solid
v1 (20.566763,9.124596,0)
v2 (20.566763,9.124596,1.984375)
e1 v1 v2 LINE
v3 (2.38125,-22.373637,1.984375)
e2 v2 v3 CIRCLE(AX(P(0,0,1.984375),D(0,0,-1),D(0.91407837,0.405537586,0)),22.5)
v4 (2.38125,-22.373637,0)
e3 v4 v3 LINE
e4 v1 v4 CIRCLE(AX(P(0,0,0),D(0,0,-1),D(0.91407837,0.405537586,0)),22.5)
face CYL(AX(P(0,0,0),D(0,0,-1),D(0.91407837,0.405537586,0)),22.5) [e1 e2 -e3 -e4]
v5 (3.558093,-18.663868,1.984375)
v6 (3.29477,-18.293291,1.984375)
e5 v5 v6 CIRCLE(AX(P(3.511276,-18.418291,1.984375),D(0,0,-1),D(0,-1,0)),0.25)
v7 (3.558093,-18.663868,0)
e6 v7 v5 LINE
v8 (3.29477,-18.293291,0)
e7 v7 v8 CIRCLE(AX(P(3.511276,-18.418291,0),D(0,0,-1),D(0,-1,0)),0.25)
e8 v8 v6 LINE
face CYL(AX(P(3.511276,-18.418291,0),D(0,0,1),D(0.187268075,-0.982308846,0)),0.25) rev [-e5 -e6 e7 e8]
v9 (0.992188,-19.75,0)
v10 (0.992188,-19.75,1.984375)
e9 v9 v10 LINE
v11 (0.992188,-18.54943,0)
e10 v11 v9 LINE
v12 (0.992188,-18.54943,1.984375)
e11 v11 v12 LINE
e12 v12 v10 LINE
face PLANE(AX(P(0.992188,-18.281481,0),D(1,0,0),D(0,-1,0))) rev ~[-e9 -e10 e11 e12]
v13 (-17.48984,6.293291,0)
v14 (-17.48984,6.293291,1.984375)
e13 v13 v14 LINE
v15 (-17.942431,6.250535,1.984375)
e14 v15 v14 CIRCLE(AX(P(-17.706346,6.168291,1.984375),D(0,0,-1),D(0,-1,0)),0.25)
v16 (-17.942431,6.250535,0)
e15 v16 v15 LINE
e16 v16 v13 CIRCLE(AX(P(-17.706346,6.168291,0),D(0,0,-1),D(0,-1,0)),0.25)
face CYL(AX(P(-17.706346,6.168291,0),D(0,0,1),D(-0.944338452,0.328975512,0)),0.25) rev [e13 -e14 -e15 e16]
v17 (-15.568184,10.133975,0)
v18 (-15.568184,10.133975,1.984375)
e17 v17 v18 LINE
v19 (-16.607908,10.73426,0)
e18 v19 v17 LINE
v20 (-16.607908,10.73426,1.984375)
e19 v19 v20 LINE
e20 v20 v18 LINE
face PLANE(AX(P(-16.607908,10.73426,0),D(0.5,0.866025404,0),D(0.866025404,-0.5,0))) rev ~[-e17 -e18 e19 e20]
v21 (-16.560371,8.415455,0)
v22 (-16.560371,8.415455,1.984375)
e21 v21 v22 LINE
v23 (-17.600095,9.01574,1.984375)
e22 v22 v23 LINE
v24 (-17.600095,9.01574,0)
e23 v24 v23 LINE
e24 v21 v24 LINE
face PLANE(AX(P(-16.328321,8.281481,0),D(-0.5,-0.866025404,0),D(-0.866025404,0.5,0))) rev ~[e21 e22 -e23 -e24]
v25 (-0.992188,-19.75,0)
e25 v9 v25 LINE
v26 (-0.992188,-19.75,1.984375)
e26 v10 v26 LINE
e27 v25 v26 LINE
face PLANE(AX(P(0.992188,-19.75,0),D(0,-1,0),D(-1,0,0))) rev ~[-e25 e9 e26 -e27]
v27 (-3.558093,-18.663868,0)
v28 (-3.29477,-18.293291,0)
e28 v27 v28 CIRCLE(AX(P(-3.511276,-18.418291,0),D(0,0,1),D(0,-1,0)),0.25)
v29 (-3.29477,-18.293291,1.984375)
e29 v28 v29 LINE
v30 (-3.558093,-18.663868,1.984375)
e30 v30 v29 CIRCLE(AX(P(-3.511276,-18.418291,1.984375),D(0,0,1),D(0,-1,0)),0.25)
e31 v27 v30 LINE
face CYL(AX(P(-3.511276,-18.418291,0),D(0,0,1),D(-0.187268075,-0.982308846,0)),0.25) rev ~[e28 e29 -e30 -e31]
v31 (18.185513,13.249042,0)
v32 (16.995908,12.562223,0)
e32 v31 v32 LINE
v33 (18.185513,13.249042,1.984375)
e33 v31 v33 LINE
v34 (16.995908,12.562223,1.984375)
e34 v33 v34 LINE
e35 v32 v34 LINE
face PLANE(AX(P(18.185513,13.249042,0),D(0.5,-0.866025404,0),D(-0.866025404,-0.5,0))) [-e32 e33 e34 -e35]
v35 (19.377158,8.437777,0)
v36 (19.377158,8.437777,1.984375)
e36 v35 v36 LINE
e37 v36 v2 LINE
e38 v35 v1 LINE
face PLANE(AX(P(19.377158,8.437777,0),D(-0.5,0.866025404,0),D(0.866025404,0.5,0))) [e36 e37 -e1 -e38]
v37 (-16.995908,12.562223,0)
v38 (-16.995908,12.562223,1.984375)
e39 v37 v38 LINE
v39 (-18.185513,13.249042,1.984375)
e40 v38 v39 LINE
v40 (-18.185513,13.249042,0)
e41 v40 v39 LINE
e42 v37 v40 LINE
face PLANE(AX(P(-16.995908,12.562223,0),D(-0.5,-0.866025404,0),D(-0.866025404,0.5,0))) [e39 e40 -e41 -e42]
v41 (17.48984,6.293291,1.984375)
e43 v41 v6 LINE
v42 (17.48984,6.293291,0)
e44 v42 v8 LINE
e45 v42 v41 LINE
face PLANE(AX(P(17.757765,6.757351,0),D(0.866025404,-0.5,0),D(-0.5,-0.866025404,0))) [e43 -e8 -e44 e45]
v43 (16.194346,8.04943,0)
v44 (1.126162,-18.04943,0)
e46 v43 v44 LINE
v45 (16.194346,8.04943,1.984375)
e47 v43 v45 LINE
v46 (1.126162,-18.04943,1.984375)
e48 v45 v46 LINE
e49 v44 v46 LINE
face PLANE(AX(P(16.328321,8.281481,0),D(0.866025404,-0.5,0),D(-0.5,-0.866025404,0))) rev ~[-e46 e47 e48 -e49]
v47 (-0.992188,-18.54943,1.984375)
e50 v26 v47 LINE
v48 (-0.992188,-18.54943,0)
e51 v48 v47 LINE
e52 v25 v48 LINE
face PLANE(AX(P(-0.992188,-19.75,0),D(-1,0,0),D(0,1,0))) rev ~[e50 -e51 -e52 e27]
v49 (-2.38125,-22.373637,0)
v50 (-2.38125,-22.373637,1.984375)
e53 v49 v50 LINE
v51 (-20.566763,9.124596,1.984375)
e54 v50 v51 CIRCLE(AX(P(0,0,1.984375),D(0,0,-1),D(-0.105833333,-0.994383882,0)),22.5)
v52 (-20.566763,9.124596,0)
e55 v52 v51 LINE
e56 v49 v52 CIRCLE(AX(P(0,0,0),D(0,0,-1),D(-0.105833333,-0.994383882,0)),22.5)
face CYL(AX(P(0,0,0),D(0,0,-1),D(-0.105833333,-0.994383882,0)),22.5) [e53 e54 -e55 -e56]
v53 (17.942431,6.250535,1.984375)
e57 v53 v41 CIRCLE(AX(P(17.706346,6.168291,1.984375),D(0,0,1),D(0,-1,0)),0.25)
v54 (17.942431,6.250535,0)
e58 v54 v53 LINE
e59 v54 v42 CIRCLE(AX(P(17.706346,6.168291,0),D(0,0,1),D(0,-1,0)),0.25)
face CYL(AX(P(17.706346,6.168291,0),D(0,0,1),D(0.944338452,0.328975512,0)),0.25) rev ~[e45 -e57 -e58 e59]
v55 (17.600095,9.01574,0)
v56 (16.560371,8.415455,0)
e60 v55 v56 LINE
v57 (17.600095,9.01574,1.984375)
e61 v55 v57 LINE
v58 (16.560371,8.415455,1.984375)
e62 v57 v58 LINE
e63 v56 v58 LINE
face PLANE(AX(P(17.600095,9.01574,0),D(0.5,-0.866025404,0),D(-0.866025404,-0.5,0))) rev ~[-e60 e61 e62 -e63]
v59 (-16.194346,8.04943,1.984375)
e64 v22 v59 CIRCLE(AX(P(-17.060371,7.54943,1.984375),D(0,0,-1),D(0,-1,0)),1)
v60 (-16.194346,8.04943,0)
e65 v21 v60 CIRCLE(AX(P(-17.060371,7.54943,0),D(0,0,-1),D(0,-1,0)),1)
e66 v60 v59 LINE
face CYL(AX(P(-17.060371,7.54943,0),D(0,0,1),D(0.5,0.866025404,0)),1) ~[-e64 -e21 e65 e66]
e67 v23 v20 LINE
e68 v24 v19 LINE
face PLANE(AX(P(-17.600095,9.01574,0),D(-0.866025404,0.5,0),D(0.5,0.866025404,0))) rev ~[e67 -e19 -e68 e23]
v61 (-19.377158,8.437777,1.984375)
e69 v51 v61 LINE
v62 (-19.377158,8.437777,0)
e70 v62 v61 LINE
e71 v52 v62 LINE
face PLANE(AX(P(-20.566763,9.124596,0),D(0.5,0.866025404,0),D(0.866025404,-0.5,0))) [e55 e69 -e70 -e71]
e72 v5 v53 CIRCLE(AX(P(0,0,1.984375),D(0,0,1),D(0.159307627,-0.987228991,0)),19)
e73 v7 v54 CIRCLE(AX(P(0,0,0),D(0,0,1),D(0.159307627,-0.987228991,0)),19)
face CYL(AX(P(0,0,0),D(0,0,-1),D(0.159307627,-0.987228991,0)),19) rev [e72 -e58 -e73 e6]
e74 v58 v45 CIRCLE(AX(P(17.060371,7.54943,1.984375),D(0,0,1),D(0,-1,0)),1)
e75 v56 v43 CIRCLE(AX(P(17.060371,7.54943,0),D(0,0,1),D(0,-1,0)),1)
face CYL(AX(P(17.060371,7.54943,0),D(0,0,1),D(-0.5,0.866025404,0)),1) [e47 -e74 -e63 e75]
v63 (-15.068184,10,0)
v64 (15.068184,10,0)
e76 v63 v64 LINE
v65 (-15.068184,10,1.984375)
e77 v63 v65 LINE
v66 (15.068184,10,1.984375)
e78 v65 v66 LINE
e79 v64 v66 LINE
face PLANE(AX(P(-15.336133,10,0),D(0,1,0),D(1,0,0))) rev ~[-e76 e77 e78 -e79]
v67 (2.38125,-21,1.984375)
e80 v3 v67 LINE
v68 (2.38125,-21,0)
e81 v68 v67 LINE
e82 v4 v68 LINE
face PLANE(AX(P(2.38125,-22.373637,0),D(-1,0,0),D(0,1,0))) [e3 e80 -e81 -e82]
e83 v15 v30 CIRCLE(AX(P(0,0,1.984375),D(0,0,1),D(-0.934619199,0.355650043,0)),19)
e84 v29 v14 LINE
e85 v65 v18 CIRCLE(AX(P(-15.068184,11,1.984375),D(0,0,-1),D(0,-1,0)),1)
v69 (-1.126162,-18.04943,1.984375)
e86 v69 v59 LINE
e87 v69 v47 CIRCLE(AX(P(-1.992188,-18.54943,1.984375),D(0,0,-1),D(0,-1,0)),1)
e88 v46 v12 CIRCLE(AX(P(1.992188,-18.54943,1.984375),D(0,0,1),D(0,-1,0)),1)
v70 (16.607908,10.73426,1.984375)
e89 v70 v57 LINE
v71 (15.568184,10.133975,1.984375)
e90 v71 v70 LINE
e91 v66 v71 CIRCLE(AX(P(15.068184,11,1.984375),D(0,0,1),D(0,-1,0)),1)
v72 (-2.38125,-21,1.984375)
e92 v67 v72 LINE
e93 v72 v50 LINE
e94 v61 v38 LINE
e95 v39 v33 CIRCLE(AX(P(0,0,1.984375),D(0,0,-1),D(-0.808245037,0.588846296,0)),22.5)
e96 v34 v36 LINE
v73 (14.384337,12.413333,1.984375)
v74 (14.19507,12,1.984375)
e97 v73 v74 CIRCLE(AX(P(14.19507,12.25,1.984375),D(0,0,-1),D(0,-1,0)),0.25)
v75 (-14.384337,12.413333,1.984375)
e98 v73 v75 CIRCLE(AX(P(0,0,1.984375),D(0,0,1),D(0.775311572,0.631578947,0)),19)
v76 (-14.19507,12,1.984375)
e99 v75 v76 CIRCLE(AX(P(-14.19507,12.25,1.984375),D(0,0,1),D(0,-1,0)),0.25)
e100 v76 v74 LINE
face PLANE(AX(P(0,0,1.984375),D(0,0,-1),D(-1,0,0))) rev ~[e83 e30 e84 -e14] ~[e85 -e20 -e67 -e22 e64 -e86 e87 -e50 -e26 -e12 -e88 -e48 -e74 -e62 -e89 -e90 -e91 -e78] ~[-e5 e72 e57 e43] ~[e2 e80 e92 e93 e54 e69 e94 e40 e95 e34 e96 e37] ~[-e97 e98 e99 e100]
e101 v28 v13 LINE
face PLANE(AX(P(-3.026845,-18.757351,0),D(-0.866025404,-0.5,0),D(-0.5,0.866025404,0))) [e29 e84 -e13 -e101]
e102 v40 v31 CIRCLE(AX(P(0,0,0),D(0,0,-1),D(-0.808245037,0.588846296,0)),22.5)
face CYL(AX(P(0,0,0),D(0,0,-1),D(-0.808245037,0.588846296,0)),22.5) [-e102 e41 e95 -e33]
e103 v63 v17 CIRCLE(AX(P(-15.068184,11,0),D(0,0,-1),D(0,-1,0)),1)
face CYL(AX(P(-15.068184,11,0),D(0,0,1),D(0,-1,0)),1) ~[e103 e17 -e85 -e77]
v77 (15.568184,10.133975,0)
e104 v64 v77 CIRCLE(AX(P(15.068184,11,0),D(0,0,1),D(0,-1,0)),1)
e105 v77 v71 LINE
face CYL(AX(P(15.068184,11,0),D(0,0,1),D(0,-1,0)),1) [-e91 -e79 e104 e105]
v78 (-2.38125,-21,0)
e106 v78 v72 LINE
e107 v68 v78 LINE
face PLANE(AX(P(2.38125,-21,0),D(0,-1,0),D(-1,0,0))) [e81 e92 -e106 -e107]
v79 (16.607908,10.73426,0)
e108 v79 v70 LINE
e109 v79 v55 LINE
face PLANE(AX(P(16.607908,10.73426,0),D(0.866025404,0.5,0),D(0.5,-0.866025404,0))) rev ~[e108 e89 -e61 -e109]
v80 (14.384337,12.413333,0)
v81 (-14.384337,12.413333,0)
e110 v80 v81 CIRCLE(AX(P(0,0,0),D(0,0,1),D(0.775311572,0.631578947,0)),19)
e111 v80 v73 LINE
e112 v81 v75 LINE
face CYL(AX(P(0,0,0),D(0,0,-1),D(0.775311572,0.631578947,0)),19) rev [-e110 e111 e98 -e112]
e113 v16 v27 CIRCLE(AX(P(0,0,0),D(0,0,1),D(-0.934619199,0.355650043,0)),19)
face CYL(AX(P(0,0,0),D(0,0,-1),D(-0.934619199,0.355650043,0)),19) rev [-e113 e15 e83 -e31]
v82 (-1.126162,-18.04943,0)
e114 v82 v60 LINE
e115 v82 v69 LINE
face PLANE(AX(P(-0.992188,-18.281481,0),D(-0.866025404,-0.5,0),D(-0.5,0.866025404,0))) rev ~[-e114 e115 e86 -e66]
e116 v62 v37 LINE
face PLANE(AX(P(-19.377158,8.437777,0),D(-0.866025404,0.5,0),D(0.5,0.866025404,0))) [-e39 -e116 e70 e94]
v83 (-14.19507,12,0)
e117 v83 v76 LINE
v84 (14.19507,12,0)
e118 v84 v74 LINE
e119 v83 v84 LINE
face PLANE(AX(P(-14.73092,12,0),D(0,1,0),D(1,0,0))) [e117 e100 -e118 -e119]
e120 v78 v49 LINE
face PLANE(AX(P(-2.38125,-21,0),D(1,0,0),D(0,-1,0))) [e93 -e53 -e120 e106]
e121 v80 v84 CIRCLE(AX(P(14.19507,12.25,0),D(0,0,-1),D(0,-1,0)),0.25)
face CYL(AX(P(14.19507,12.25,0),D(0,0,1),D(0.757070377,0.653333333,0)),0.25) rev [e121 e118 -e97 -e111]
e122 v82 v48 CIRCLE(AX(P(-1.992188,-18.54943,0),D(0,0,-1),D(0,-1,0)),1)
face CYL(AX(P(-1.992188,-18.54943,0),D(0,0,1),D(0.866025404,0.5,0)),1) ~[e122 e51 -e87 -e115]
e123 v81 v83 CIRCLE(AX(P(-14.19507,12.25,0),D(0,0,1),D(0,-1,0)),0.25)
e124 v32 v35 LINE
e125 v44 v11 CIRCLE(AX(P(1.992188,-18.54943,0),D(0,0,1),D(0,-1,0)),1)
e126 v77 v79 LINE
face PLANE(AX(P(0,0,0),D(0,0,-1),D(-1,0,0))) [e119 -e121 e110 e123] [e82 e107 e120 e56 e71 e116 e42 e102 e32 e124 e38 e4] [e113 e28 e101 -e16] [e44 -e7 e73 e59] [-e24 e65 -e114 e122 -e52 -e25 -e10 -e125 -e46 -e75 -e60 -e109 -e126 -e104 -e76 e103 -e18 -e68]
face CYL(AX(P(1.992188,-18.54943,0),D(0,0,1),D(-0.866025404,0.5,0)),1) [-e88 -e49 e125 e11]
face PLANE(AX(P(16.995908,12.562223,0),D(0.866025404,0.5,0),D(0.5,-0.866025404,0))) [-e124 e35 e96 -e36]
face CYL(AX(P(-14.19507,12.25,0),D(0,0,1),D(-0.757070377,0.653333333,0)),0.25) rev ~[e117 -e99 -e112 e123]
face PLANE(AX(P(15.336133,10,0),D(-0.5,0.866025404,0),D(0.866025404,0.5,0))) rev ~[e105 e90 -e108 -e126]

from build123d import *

# Parameters (mm, degrees)
BOSS_EXTRUDE1_DEPTH = 1.984375
FILLET1_R           = 0.25
FILLET2_R           = 1


with BuildPart() as part:
    # Sketch1 → Boss-Extrude1 (new body)
    with BuildSketch(Plane.XY):
        with BuildLine():
            Line((19.377158479, 8.437777007), (20.566763323, 9.124595684))
            ThreePointArc((20.566763323, 9.124595684), (19.485571585, -11.25), (2.38125, -22.373637354))
            Line((2.38125, -22.373637354), (2.38125, -21))
            Line((2.38125, -21), (-2.38125, -21))
            Line((-2.38125, -21), (-2.38125, -22.373637354))
            ThreePointArc((-2.38125, -22.373637354), (-19.485571585, -11.25), (-20.566763323, 9.124595684))
            Line((-20.566763323, 9.124595684), (-19.377158479, 8.437777007))
            Line((-19.377158479, 8.437777007), (-16.995908479, 12.562222993))
            Line((-16.995908479, 12.562222993), (-18.185513323, 13.24904167))
            ThreePointArc((-18.185513323, 13.24904167), (0, 22.5), (18.185513323, 13.24904167))
            Line((18.185513323, 13.24904167), (16.995908479, 12.562222993))
            Line((16.995908479, 12.562222993), (19.377158479, 8.437777007))
        make_face()
        with BuildLine():
            Line((-14.730919863, 12), (14.730919863, 12))
            ThreePointArc((14.730919863, 12), (0, 19), (-14.730919863, 12))
        make_face(mode=Mode.SUBTRACT)
        Polygon((-15.336133076, 10), (15.336133076, 10), (16.607907975, 10.73425958), (17.600095475, 9.01574042), (16.328320576, 8.281480839), (0.9921875, -18.281480839), (0.9921875, -19.75), (-0.9921875, -19.75), (-0.9921875, -18.281480839), (-16.328320576, 8.281480839), (-17.600095475, 9.01574042), (-16.607907975, 10.73425958), align=None, mode=Mode.SUBTRACT)
        with BuildLine():
            Line((-3.026844914, -18.757350822), (-17.757764777, 6.757350822))
            ThreePointArc((-17.757764777, 6.757350822), (-16.454482672, -9.5), (-3.026844914, -18.757350822))
        make_face(mode=Mode.SUBTRACT)
        with BuildLine():
            Line((17.757764777, 6.757350822), (3.026844914, -18.757350822))
            ThreePointArc((3.026844914, -18.757350822), (16.454482672, -9.5), (17.757764777, 6.757350822))
        make_face(mode=Mode.SUBTRACT)
    extrude(amount=BOSS_EXTRUDE1_DEPTH)

    # Fillet1
    fillet1_edges = [part.edges().sort_by_distance(p)[0] for p in [
        (14.730919863, 12, 0.9921875),
        (-14.730919863, 12, 0.9921875),
        (-17.757764777, 6.757350822, 0.9921875),
        (-3.026844914, -18.757350822, 0.9921875),
        (3.026844914, -18.757350822, 0.9921875),
        (17.757764777, 6.757350822, 0.9921875),
    ]]
    fillet(fillet1_edges, radius=FILLET1_R)

    # Fillet2
    fillet2_edges = [part.edges().sort_by_distance(p)[0] for p in [
        (15.336133076, 10, 0.9921875),
        (-15.336133076, 10, 0.9921875),
        (-16.328320576, 8.281480839, 0.9921875),
        (-0.9921875, -18.281480839, 0.9921875),
        (0.9921875, -18.281480839, 0.9921875),
        (16.328320576, 8.281480839, 0.9921875),
    ]]
    fillet(fillet2_edges, radius=FILLET2_R)


solid = part.part
